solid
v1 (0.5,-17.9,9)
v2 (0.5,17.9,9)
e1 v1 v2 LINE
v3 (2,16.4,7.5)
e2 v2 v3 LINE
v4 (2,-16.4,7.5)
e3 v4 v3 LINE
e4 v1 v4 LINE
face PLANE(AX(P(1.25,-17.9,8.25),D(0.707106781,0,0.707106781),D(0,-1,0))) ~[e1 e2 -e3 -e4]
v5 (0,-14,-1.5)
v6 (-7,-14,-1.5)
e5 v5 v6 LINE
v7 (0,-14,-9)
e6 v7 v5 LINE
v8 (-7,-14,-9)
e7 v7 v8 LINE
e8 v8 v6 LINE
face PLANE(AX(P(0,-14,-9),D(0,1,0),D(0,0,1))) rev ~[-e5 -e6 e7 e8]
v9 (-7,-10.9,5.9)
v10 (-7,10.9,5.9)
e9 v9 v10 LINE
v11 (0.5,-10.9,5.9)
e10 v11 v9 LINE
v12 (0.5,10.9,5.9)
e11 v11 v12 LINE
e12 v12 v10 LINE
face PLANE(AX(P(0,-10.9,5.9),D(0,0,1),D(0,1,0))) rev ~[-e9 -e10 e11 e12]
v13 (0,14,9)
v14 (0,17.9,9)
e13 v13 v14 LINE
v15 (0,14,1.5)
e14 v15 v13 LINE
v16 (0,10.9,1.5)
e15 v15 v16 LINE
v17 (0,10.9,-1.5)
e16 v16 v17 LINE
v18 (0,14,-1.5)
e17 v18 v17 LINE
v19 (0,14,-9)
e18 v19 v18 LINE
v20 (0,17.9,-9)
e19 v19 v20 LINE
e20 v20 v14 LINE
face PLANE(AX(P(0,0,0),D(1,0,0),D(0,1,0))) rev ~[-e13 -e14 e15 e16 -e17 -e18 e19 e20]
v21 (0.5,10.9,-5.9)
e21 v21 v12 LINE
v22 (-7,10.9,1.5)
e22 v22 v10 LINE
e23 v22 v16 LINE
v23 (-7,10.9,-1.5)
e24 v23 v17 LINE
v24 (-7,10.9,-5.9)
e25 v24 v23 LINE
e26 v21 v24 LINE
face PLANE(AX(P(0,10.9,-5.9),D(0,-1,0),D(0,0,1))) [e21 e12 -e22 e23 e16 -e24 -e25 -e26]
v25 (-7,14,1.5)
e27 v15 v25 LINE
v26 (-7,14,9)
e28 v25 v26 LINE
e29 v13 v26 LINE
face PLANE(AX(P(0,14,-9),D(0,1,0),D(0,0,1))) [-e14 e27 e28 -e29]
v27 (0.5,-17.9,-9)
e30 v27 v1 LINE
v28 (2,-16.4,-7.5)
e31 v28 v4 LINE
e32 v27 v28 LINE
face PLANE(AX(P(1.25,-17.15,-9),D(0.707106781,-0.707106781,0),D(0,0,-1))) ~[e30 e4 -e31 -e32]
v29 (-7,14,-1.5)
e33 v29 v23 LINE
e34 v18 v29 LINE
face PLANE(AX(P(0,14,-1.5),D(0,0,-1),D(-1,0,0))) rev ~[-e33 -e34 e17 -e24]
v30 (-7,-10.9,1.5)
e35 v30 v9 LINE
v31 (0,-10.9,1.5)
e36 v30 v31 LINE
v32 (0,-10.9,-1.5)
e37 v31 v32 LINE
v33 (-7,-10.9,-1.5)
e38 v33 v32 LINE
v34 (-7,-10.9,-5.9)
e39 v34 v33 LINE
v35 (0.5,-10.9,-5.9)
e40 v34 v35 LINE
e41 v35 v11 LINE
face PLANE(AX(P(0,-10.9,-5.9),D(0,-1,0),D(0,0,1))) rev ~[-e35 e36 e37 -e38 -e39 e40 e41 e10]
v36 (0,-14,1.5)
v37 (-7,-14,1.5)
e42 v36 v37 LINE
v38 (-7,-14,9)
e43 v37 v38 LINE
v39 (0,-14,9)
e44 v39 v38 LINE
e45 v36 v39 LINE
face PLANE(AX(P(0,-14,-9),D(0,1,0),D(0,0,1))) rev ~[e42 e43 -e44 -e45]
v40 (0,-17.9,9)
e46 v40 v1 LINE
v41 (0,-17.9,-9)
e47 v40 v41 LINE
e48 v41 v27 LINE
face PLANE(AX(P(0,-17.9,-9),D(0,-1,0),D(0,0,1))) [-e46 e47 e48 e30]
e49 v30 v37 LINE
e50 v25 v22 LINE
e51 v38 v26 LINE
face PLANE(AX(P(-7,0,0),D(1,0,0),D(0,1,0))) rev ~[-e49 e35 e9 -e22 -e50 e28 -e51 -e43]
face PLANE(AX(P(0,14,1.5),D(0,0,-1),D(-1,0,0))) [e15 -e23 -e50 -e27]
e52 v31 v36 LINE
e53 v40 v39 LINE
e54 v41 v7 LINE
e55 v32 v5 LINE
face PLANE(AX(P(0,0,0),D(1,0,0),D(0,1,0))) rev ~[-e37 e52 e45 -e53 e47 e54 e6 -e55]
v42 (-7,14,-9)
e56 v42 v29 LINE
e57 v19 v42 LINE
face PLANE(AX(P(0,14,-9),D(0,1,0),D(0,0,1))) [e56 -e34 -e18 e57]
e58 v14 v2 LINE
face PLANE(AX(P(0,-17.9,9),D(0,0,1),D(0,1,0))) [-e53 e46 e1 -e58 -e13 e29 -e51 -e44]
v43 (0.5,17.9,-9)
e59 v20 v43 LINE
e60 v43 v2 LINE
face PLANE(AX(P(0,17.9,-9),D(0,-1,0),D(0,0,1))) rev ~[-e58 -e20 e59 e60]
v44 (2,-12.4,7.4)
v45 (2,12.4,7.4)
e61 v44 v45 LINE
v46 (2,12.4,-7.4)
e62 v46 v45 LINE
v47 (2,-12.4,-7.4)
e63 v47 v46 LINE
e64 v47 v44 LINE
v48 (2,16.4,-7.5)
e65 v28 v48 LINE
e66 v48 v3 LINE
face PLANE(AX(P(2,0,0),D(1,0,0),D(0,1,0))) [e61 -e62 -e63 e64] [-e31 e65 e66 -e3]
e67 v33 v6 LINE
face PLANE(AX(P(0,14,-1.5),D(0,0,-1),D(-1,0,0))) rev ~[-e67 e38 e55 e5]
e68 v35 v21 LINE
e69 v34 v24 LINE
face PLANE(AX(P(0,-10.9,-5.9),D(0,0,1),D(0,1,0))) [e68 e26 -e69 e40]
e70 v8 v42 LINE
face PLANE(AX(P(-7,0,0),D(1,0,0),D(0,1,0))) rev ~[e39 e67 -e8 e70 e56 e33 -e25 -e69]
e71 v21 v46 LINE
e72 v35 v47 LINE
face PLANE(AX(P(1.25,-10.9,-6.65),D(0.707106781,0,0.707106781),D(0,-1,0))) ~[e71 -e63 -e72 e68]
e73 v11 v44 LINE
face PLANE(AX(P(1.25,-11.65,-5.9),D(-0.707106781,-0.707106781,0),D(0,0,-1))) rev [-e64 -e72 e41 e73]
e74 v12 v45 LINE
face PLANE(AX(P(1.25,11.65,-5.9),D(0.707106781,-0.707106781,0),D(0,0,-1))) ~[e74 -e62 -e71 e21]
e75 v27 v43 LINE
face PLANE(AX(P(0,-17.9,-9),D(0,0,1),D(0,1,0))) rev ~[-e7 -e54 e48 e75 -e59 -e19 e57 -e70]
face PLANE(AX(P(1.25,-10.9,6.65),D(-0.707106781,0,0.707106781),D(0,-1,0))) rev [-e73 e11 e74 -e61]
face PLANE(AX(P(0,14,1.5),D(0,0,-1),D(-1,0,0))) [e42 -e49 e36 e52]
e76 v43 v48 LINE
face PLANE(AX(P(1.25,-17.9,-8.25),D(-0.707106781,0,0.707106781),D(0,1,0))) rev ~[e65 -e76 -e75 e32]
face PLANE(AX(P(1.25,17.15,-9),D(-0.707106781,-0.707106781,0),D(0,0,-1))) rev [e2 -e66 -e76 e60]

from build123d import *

# Parameters (mm, degrees)
F0_W     = 28
F0_H     = 18
F0_W_2   = 21.8
F0_H_2   = 11.8
F1_DEPTH = 7
F2_W     = 35.8
F2_H     = 18
F2_W_2   = 21.8
F2_H_2   = 11.8
F3_DEPTH = 2
F4_W     = 7
F4_H     = 3
F5_DEPTH = 31.901
F6_SIZE  = 1.5


with BuildPart() as f1:
    # F0 (on Right) → F1 (new body)
    with BuildSketch(Plane.YZ):
        Rectangle(F0_W, F0_H)
        Rectangle(F0_W_2, F0_H_2, mode=Mode.SUBTRACT)
    extrude(amount=-F1_DEPTH)

    # F2 (on face) → F3 (join)
    with BuildSketch(Plane.YZ):
        Rectangle(F2_W, F2_H)
        Rectangle(F2_W_2, F2_H_2, mode=Mode.SUBTRACT)
    extrude(amount=F3_DEPTH)

    # F4 (on face) → F5 (cut, through all)
    with BuildSketch(Plane(origin=(0, 14, 0), x_dir=(-1, 0, 0), z_dir=(0, 1, 0))):
        with Locations((3.5, 0)):
            Rectangle(F4_W, F4_H)
    extrude(amount=-F5_DEPTH, mode=Mode.SUBTRACT)

    # F6
    f6_edges = [f1.edges().sort_by_distance(p)[0] for p in [
        (2, 17.9, 0),
        (2, 0, 9),
        (2, -17.9, 0),
        (2, 0, -9),
        (2, 0, 5.9),
        (2, 10.9, 0),
        (2, 0, -5.9),
        (2, -10.9, 0),
    ]]
    chamfer(f6_edges, length=F6_SIZE)


solid = f1.part
